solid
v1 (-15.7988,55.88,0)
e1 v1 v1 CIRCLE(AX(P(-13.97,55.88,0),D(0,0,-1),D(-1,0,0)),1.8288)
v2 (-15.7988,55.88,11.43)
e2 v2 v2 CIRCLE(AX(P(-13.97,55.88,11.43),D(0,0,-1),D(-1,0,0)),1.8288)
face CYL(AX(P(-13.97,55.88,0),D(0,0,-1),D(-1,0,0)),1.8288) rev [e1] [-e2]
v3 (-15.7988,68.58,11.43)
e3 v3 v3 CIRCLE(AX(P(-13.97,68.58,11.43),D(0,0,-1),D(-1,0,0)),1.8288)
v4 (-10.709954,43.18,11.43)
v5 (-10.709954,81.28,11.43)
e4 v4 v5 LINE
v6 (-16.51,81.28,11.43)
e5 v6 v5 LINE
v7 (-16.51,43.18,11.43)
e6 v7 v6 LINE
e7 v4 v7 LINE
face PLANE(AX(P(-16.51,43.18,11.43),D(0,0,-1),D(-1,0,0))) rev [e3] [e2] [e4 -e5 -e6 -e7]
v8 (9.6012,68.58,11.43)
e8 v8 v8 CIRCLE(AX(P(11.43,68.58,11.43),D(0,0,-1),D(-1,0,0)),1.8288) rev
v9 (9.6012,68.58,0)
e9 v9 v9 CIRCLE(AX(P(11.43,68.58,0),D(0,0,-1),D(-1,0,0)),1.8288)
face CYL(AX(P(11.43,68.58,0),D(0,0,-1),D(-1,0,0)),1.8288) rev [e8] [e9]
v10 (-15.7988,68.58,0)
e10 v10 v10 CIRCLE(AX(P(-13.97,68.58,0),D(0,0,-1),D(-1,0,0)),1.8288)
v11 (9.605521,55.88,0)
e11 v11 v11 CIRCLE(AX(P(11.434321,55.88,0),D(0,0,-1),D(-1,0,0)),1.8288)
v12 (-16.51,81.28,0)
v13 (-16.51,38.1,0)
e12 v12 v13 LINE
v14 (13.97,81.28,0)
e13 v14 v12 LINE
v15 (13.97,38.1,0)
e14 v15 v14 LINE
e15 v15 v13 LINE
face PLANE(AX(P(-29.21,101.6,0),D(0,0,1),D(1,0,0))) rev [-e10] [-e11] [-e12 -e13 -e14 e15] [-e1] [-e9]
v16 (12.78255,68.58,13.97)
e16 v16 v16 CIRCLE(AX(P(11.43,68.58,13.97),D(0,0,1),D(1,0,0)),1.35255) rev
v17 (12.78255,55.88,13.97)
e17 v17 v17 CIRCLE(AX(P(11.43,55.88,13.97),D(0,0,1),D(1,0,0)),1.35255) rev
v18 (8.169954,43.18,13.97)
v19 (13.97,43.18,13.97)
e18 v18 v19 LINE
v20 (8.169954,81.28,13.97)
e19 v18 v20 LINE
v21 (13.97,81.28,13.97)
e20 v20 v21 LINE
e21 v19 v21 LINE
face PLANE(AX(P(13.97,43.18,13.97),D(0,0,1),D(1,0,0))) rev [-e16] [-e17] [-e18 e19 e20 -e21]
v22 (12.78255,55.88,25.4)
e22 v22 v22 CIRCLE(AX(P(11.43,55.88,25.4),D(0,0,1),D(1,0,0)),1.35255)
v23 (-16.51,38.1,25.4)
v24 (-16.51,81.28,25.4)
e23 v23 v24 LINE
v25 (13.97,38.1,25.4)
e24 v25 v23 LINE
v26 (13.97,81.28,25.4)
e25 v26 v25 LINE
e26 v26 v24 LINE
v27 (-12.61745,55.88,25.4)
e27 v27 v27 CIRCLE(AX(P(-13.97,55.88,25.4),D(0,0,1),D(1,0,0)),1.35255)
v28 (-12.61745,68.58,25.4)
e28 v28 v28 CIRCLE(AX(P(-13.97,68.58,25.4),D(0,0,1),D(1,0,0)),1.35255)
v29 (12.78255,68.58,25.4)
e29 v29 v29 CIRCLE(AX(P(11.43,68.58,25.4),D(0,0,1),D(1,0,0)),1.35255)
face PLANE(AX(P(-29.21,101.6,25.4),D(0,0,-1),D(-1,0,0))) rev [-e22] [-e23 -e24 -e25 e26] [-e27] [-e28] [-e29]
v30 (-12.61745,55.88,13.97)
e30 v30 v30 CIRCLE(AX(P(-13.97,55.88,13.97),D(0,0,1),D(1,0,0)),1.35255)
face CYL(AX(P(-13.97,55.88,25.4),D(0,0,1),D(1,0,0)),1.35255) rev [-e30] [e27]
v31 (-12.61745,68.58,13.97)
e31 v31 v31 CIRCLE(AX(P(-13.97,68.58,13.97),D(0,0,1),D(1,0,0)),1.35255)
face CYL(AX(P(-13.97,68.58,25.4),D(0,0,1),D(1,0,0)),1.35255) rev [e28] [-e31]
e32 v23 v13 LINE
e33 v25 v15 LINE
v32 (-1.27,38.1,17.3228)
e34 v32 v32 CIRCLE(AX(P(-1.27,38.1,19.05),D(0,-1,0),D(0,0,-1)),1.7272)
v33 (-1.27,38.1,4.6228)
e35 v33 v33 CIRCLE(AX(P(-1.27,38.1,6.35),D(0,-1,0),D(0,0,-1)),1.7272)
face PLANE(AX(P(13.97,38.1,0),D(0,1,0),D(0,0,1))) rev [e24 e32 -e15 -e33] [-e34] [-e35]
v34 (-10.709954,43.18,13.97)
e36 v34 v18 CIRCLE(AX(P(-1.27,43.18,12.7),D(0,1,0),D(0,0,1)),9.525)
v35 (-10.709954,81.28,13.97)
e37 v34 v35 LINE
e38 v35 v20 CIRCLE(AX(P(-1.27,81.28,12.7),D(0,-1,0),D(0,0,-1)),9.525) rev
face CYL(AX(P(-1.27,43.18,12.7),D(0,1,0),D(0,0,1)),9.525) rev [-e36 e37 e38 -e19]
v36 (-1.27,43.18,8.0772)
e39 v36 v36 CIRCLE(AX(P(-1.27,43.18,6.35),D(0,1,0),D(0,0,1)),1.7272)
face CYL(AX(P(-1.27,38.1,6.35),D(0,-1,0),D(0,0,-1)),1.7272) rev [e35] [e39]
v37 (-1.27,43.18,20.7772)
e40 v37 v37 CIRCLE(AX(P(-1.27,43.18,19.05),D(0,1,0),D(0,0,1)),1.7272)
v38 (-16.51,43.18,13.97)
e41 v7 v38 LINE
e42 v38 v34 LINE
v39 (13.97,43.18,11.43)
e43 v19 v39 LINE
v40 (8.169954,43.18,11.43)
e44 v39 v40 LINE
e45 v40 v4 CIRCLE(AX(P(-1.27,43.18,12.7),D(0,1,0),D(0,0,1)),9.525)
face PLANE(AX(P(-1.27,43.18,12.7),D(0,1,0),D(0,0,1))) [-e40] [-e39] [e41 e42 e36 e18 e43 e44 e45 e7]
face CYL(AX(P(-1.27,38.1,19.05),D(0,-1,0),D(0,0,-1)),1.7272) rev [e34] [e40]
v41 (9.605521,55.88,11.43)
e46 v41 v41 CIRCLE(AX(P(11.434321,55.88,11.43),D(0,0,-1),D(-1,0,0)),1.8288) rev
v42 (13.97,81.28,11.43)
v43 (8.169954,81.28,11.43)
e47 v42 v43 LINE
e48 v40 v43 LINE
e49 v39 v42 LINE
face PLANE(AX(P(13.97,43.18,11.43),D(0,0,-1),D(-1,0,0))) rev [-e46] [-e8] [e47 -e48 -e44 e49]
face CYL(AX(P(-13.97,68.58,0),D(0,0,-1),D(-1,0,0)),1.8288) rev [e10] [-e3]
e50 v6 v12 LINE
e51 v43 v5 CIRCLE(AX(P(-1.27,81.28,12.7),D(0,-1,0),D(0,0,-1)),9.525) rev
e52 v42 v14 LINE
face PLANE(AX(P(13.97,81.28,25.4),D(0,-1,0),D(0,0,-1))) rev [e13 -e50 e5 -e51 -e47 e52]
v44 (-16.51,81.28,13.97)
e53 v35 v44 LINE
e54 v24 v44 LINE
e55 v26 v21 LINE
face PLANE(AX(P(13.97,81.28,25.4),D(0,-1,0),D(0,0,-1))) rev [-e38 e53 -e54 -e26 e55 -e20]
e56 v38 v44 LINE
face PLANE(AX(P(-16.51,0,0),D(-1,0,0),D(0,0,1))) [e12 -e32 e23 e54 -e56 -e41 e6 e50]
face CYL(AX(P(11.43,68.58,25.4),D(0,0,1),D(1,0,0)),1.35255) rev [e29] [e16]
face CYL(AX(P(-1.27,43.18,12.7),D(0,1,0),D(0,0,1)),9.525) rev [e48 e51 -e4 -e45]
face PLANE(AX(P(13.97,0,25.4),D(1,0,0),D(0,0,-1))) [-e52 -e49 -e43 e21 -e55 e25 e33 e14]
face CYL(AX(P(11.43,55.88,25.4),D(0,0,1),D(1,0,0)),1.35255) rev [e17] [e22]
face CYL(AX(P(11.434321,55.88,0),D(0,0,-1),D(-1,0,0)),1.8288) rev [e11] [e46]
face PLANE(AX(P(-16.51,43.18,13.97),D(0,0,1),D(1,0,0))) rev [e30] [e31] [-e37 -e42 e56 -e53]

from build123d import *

# Parameters (mm, degrees)
SKETCH1_W                       = 55.88
SKETCH1_H                       = 25.4
EXTRUDE1_DEPTH                  = 101.6
SKETCH4_R                       = 9.525
CUT_EXTRUDE2_DEPTH              = 58.42
SKETCH7_W                       = 25.4
SKETCH7_H                       = 101.6
CUT_EXTRUDE5_DEPTH              = 12.7
SKETCH8_W                       = 25.4
SKETCH8_H                       = 101.6
CUT_EXTRUDE6_DEPTH              = 12.7
SKETCH15_W                      = 5.800046345
SKETCH15_H                      = 2.54
CUT_EXTRUDE10_DEPTH             = 58.42
F_27_0_144_DIAMETER_HOLE1_D     = 3.6576
F_27_0_144_DIAMETER_HOLE1_DEPTH = 13.97
F_27_0_144_DIAMETER_HOLE2_D     = 3.6576
F_27_0_144_DIAMETER_HOLE2_DEPTH = 13.97
F_6_32_TAPPED_HOLE1_D           = 2.7051
F_6_32_TAPPED_HOLE1_DEPTH       = 11.43
F_6_32_TAPPED_HOLE1_TIP         = 0.81269403
F_6_32_TAPPED_HOLE2_D           = 2.7051
F_6_32_TAPPED_HOLE2_DEPTH       = 11.43
F_6_32_TAPPED_HOLE2_TIP         = 0.81269403
SKETCH37_W                      = 25.4
SKETCH37_H                      = 38.1
CUT_EXTRUDE11_DEPTH             = 114.279443855
F_8_32_TAPPED_HOLE3_D           = 3.4544
CIRPATTERN2_COUNT               = 2
SKETCH44_W                      = 30.48
SKETCH44_H                      = 20.32
CUT_EXTRUDE12_DEPTH             = 107.02028155
CIRPATTERN3_COUNT               = 2
F_6_32_TAPPED_HOLE3_D           = 2.7051
F_6_32_TAPPED_HOLE3_DEPTH       = 13.97
F_6_32_TAPPED_HOLE4_D           = 2.7051
F_6_32_TAPPED_HOLE4_DEPTH       = 13.97
F_27_0_144_DIAMETER_HOLE3_D     = 3.6576
F_27_0_144_DIAMETER_HOLE3_DEPTH = 13.97
F_27_0_144_DIAMETER_HOLE4_D     = 3.6576
F_27_0_144_DIAMETER_HOLE4_DEPTH = 13.97


with BuildPart() as part:
    # Sketch1 → Extrude1 (new body)
    with BuildSketch(Plane(origin=(0, 0, 0), x_dir=(1, 0, 0), z_dir=(0, 1, 0))):
        with Locations((-1.27, -12.7)):
            Rectangle(SKETCH1_W, SKETCH1_H)
    extrude(amount=EXTRUDE1_DEPTH)

    # Sketch4 → Cut-Extrude2 (cut)
    with BuildSketch(Plane(origin=(0, 101.6, 0), x_dir=(-1, 0, 0), z_dir=(0, 1, 0))):
        with Locations(Location((1.27, 12.7, 0), (0, 0, 90))):
            Circle(SKETCH4_R)
    extrude(amount=-CUT_EXTRUDE2_DEPTH, mode=Mode.SUBTRACT)

    # Sketch7 → Cut-Extrude5 (cut)
    with BuildSketch(Plane(origin=(26.67, 0, 0), x_dir=(0, 0, -1), z_dir=(1, 0, 0))):
        with Locations((-12.7, 50.8)):
            Rectangle(SKETCH7_W, SKETCH7_H)
    extrude(amount=-CUT_EXTRUDE5_DEPTH, mode=Mode.SUBTRACT)

    # Sketch8 → Cut-Extrude6 (cut)
    with BuildSketch(Plane.ZY.offset(29.21)):
        with Locations((12.7, 50.8)):
            Rectangle(SKETCH8_W, SKETCH8_H)
    extrude(amount=-CUT_EXTRUDE6_DEPTH, mode=Mode.SUBTRACT)

    # Sketch15 → Cut-Extrude10 (cut)
    with BuildSketch(Plane(origin=(0, 101.6, 0), x_dir=(-1, 0, 0), z_dir=(0, 1, 0))):
        with Locations((-11.069976827, 12.7)):
            Rectangle(SKETCH15_W, SKETCH15_H)
    cut_extrude10 = extrude(amount=-CUT_EXTRUDE10_DEPTH, mode=Mode.SUBTRACT)

    # #27 (0.144) Diameter Hole1
    with Locations(Plane(origin=(11.43, 68.58, 0), x_dir=(-1, 0, 0), z_dir=(0, 0, -1))):
        with Locations((0, 0)):
            Hole(F_27_0_144_DIAMETER_HOLE1_D / 2, depth=F_27_0_144_DIAMETER_HOLE1_DEPTH)

    # #27 (0.144) Diameter Hole2
    with Locations(Plane(origin=(11.434321399, 55.88, 0), x_dir=(-1, 0, 0), z_dir=(0, 0, -1))):
        with Locations((0, 0)):
            Hole(F_27_0_144_DIAMETER_HOLE2_D / 2, depth=F_27_0_144_DIAMETER_HOLE2_DEPTH)

    # #6-32 Tapped Hole1
    with Locations(Plane(origin=(11.43, 68.58, 25.4), x_dir=(1, 0, 0), z_dir=(0, 0, 1))):
        with Locations((0, 0)):
            Hole(F_6_32_TAPPED_HOLE1_D / 2, depth=F_6_32_TAPPED_HOLE1_DEPTH)
            with Locations((0, 0, -(F_6_32_TAPPED_HOLE1_DEPTH + F_6_32_TAPPED_HOLE1_TIP / 2))):  # 118° drill point
                Cone(0, F_6_32_TAPPED_HOLE1_D / 2, F_6_32_TAPPED_HOLE1_TIP, mode=Mode.SUBTRACT)

    # #6-32 Tapped Hole2
    with Locations(Plane(origin=(11.43, 55.88, 25.4), x_dir=(1, 0, 0), z_dir=(0, 0, 1))):
        with Locations((0, 0)):
            Hole(F_6_32_TAPPED_HOLE2_D / 2, depth=F_6_32_TAPPED_HOLE2_DEPTH)
            with Locations((0, 0, -(F_6_32_TAPPED_HOLE2_DEPTH + F_6_32_TAPPED_HOLE2_TIP / 2))):  # 118° drill point
                Cone(0, F_6_32_TAPPED_HOLE2_D / 2, F_6_32_TAPPED_HOLE2_TIP, mode=Mode.SUBTRACT)

    # Sketch37 → Cut-Extrude11 (cut, through all)
    with BuildSketch(Plane.ZY.offset(29.21)):
        with Locations((12.7, 19.05)):
            Rectangle(SKETCH37_W, SKETCH37_H)
    extrude(amount=-CUT_EXTRUDE11_DEPTH, mode=Mode.SUBTRACT)

    # #8-32 Tapped Hole3 (through all)
    with Locations(Plane(origin=(-1.27, 38.1, 19.05), x_dir=(0, 0, -1), z_dir=(0, -1, 0))):
        with Locations((0, 0)):
            f_8_32_tapped_hole3 = Hole(F_8_32_TAPPED_HOLE3_D / 2)

    # CirPattern2: #8-32 Tapped Hole3 ×2 about axis
    cirpattern2_axis = Axis((-1.27, 0, 12.7), (0, 1, 0))
    for i in range(1, CIRPATTERN2_COUNT):
        add(f_8_32_tapped_hole3.rotate(cirpattern2_axis, i * 360 / CIRPATTERN2_COUNT), mode=Mode.SUBTRACT)

    # Sketch44 → Cut-Extrude12 (cut, through all)
    with BuildSketch(Plane(origin=(0, 0, 0), x_dir=(-1, 0, 0), z_dir=(0, 0, -1))):
        with Locations((1.27, 91.44)):
            Rectangle(SKETCH44_W, SKETCH44_H)
    extrude(amount=-CUT_EXTRUDE12_DEPTH, mode=Mode.SUBTRACT)

    # CirPattern3: Cut-Extrude10 ×2 about axis
    cirpattern3_axis = Axis((-1.27, 87.197587188, 12.7), (0, 1, 0))
    for i in range(1, CIRPATTERN3_COUNT):
        add(cut_extrude10.rotate(cirpattern3_axis, i * 360 / CIRPATTERN3_COUNT), mode=Mode.SUBTRACT)

    # #6-32 Tapped Hole3
    with Locations(Plane(origin=(-13.97, 68.58, 25.4), x_dir=(1, 0, 0), z_dir=(0, 0, 1))):
        with Locations((0, 0)):
            Hole(F_6_32_TAPPED_HOLE3_D / 2, depth=F_6_32_TAPPED_HOLE3_DEPTH)

    # #6-32 Tapped Hole4
    with Locations(Plane(origin=(-13.97, 55.88, 25.4), x_dir=(1, 0, 0), z_dir=(0, 0, 1))):
        with Locations((0, 0)):
            Hole(F_6_32_TAPPED_HOLE4_D / 2, depth=F_6_32_TAPPED_HOLE4_DEPTH)

    # #27 (0.144) Diameter Hole3
    with Locations(Plane(origin=(-13.97, 68.58, 0), x_dir=(-1, 0, 0), z_dir=(0, 0, -1))):
        with Locations((0, 0)):
            Hole(F_27_0_144_DIAMETER_HOLE3_D / 2, depth=F_27_0_144_DIAMETER_HOLE3_DEPTH)

    # #27 (0.144) Diameter Hole4
    with Locations(Plane(origin=(-13.97, 55.88, 0), x_dir=(-1, 0, 0), z_dir=(0, 0, -1))):
        with Locations((0, 0)):
            Hole(F_27_0_144_DIAMETER_HOLE4_D / 2, depth=F_27_0_144_DIAMETER_HOLE4_DEPTH)


solid = part.part
